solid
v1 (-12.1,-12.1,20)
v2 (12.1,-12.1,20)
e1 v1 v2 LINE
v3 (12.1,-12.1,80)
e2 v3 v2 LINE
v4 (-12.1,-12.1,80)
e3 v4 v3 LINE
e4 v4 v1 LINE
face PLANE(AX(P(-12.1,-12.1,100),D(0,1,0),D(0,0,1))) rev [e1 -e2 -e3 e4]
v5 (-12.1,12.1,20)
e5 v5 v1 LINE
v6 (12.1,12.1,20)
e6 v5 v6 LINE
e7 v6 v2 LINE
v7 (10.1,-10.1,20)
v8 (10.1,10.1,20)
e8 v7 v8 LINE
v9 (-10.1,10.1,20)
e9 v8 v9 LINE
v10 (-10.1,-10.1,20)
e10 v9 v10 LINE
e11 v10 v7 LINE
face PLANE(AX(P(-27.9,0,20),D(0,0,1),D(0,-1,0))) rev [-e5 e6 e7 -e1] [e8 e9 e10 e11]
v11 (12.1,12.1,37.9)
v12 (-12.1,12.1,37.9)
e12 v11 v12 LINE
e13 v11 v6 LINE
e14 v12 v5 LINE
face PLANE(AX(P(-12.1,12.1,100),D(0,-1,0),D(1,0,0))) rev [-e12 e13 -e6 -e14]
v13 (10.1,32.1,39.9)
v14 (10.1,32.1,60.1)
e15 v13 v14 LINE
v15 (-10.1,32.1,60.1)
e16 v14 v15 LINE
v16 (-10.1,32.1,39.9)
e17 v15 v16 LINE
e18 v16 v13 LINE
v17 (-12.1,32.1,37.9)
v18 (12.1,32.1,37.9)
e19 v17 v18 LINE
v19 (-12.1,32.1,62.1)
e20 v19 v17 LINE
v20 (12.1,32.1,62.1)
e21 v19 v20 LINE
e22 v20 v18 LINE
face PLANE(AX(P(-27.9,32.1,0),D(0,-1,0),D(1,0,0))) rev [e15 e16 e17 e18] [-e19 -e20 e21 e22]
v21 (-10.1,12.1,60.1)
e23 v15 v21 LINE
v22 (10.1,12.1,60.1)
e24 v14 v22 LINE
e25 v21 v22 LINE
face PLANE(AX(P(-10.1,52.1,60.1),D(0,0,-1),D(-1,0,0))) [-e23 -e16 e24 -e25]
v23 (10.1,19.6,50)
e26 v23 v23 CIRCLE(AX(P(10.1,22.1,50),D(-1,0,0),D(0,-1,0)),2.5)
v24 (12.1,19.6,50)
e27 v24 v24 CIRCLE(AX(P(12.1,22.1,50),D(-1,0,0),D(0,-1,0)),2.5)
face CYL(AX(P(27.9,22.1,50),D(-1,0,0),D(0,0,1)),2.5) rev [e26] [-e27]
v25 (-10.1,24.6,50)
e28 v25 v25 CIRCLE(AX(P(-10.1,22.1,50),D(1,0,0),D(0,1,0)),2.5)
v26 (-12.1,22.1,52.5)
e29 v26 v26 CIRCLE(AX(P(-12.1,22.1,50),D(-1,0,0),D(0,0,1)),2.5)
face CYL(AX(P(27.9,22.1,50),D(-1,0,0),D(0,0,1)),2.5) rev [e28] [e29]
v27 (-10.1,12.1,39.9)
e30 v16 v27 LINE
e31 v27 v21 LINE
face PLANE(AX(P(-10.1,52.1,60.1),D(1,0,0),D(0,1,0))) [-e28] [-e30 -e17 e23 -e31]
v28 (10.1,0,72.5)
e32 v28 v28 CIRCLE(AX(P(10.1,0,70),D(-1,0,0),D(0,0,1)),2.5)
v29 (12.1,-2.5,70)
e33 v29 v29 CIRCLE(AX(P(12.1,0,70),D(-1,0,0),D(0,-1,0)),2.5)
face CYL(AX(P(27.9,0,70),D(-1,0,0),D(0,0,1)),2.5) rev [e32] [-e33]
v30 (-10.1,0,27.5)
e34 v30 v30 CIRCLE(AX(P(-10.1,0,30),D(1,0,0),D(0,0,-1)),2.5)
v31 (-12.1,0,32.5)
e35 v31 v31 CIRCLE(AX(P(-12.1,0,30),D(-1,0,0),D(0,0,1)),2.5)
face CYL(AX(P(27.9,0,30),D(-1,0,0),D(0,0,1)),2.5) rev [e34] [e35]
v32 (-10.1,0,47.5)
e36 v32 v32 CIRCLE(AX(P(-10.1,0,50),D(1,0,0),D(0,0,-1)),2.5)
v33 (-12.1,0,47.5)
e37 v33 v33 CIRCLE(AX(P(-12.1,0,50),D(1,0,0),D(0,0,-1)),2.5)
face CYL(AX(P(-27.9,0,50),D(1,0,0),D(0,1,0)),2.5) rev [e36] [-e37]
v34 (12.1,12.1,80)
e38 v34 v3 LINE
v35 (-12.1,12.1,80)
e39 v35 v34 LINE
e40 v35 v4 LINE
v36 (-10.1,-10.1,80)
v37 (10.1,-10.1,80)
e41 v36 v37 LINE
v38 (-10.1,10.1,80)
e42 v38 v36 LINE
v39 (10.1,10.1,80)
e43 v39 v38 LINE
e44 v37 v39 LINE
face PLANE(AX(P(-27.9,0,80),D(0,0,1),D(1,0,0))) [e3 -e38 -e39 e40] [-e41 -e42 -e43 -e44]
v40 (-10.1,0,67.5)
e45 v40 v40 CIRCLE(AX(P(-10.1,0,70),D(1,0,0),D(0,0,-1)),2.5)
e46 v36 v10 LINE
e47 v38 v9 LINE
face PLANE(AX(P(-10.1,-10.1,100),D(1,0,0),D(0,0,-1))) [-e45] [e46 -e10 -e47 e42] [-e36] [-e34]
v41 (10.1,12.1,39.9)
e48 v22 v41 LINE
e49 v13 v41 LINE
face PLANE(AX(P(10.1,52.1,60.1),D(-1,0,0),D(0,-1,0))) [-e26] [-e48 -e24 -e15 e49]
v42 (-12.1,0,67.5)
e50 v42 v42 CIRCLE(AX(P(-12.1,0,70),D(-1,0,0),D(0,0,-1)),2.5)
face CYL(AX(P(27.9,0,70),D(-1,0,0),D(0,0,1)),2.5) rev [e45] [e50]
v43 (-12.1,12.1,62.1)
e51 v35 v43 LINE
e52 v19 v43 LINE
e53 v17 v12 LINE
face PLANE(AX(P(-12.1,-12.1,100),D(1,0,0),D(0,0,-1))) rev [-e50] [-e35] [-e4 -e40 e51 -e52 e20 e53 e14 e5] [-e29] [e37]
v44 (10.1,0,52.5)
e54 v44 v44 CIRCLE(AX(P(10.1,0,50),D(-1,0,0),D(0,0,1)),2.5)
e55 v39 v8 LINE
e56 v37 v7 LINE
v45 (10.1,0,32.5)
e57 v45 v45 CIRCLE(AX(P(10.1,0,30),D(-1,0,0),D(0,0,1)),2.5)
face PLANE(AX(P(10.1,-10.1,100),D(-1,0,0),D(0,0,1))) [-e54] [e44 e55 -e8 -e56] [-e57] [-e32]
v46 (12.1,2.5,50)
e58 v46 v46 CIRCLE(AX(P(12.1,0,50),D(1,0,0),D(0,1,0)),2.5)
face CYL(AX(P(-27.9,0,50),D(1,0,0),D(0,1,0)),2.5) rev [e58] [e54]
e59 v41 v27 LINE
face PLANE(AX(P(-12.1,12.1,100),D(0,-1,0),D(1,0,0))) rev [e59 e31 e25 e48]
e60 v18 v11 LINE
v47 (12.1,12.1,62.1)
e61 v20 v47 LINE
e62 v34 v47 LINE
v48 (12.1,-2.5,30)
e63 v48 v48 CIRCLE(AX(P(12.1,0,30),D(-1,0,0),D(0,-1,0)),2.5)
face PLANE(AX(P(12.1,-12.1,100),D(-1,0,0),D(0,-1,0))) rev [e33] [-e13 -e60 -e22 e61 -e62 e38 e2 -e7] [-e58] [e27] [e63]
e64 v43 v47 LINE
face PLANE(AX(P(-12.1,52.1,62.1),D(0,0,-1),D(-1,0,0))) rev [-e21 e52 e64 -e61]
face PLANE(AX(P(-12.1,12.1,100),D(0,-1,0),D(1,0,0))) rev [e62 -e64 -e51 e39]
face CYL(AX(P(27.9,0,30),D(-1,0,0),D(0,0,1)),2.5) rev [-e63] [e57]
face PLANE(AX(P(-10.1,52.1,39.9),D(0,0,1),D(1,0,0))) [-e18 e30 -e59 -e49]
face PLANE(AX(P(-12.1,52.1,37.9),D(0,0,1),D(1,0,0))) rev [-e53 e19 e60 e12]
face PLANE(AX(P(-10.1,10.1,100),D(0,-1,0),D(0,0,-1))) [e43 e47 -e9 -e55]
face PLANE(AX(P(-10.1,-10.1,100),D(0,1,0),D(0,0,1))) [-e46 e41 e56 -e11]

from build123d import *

# Parameters (mm, degrees)
SKETCH_2_W          = 24.2
SKETCH_2_H          = 24.2
SKETCH_2_W_2        = 20.2
SKETCH_2_H_2        = 20.2
EXTRUDE_4_DEPTH     = 100
SKETCH_6_W          = 24.2
SKETCH_6_H          = 24.2
SKETCH_6_W_2        = 20.2
SKETCH_6_H_2        = 20.2
EXTRUDE_5_DEPTH     = 40
SKETCH_7_R          = 2.5
CUT_EXTRUDE_1_DEPTH = 40
SKETCH_8_R          = 2.5
CUT_EXTRUDE_2_DEPTH = 40
CUT_EXTRUDE_START   = -40
SKETCH_9_W          = 20
SKETCH_9_H          = 24.2
SKETCH_9_R          = 2.5
CUT_EXTRUDE_3_DEPTH = 40
SKETCH_10_W         = 24.2
SKETCH_10_H         = 20
SKETCH_10_R         = 2.5
CUT_EXTRUDE_4_DEPTH = 40


with BuildPart() as part:
    # 草图2 → 凸台-拉伸4 (new body)
    with BuildSketch(Plane.XY):
        Rectangle(SKETCH_2_W, SKETCH_2_H)
        Rectangle(SKETCH_2_W_2, SKETCH_2_H_2, mode=Mode.SUBTRACT)
    extrude(amount=EXTRUDE_4_DEPTH)

    # 草图6 → 凸台-拉伸5 (add)
    with BuildSketch(Plane(origin=(0, 12.1, 0), x_dir=(1, 0, 0), z_dir=(0, 1, 0))):
        with Locations((0, -50)):
            Rectangle(SKETCH_6_W, SKETCH_6_H)
        with Locations((0, -50)):
            Rectangle(SKETCH_6_W_2, SKETCH_6_H_2, mode=Mode.SUBTRACT)
    extrude(amount=EXTRUDE_5_DEPTH)

    # 草图7 → 切除-拉伸1 (cut)
    with BuildSketch(Plane.ZY.offset(12.1)):
        with Locations((10, 0)):
            Circle(SKETCH_7_R)
        with Locations((30, 0)):
            Circle(SKETCH_7_R)
        with Locations(Location((90, 0, 0), (0, 0, 180))):
            Circle(SKETCH_7_R)
        with Locations(Location((70, 0, 0), (0, 0, 180))):
            Circle(SKETCH_7_R)
        with Locations((50, 42.1)):
            Circle(SKETCH_7_R)
        with Locations((50, 22.1)):
            Circle(SKETCH_7_R)
    extrude(amount=-CUT_EXTRUDE_1_DEPTH, mode=Mode.SUBTRACT)

    # 草图8 → 切除-拉伸2 (cut)
    with BuildSketch(Plane(origin=(12.1, 0, 0), x_dir=(0, 0, -1), z_dir=(1, 0, 0))):
        with Locations((-50, 0)):
            Circle(SKETCH_8_R)
    extrude(amount=-CUT_EXTRUDE_2_DEPTH, mode=Mode.SUBTRACT)

    # 草图9 → 切除-拉伸3 (cut)
    # profile 1 of 2: a face of its own
    with BuildSketch(Plane(origin=(12.1, 0, 0), x_dir=(0, 0, -1), z_dir=(1, 0, 0)).offset(CUT_EXTRUDE_START)):
        with Locations((-10, 0)):
            Rectangle(SKETCH_9_W, SKETCH_9_H)
        with Locations((-10, 0)):
            Circle(SKETCH_9_R, mode=Mode.SUBTRACT)
    # profile 2 of 2: a face of its own
    with BuildSketch(Plane(origin=(12.1, 0, 0), x_dir=(0, 0, -1), z_dir=(1, 0, 0)).offset(CUT_EXTRUDE_START)):
        with Locations((-90, 0)):
            Rectangle(SKETCH_9_W, SKETCH_9_H)
        with Locations((-90, 0)):
            Circle(SKETCH_9_R, mode=Mode.SUBTRACT)
    extrude(amount=CUT_EXTRUDE_3_DEPTH, mode=Mode.SUBTRACT)

    # 草图10 → 切除-拉伸4 (cut)
    with BuildSketch(Plane(origin=(12.1, 0, 0), x_dir=(0, 0, -1), z_dir=(1, 0, 0)).offset(CUT_EXTRUDE_START)):
        with Locations((-50, 42.1)):
            Rectangle(SKETCH_10_W, SKETCH_10_H)
        with Locations((-50, 42.1)):
            Circle(SKETCH_10_R, mode=Mode.SUBTRACT)
    extrude(amount=CUT_EXTRUDE_4_DEPTH, mode=Mode.SUBTRACT)


solid = part.part
